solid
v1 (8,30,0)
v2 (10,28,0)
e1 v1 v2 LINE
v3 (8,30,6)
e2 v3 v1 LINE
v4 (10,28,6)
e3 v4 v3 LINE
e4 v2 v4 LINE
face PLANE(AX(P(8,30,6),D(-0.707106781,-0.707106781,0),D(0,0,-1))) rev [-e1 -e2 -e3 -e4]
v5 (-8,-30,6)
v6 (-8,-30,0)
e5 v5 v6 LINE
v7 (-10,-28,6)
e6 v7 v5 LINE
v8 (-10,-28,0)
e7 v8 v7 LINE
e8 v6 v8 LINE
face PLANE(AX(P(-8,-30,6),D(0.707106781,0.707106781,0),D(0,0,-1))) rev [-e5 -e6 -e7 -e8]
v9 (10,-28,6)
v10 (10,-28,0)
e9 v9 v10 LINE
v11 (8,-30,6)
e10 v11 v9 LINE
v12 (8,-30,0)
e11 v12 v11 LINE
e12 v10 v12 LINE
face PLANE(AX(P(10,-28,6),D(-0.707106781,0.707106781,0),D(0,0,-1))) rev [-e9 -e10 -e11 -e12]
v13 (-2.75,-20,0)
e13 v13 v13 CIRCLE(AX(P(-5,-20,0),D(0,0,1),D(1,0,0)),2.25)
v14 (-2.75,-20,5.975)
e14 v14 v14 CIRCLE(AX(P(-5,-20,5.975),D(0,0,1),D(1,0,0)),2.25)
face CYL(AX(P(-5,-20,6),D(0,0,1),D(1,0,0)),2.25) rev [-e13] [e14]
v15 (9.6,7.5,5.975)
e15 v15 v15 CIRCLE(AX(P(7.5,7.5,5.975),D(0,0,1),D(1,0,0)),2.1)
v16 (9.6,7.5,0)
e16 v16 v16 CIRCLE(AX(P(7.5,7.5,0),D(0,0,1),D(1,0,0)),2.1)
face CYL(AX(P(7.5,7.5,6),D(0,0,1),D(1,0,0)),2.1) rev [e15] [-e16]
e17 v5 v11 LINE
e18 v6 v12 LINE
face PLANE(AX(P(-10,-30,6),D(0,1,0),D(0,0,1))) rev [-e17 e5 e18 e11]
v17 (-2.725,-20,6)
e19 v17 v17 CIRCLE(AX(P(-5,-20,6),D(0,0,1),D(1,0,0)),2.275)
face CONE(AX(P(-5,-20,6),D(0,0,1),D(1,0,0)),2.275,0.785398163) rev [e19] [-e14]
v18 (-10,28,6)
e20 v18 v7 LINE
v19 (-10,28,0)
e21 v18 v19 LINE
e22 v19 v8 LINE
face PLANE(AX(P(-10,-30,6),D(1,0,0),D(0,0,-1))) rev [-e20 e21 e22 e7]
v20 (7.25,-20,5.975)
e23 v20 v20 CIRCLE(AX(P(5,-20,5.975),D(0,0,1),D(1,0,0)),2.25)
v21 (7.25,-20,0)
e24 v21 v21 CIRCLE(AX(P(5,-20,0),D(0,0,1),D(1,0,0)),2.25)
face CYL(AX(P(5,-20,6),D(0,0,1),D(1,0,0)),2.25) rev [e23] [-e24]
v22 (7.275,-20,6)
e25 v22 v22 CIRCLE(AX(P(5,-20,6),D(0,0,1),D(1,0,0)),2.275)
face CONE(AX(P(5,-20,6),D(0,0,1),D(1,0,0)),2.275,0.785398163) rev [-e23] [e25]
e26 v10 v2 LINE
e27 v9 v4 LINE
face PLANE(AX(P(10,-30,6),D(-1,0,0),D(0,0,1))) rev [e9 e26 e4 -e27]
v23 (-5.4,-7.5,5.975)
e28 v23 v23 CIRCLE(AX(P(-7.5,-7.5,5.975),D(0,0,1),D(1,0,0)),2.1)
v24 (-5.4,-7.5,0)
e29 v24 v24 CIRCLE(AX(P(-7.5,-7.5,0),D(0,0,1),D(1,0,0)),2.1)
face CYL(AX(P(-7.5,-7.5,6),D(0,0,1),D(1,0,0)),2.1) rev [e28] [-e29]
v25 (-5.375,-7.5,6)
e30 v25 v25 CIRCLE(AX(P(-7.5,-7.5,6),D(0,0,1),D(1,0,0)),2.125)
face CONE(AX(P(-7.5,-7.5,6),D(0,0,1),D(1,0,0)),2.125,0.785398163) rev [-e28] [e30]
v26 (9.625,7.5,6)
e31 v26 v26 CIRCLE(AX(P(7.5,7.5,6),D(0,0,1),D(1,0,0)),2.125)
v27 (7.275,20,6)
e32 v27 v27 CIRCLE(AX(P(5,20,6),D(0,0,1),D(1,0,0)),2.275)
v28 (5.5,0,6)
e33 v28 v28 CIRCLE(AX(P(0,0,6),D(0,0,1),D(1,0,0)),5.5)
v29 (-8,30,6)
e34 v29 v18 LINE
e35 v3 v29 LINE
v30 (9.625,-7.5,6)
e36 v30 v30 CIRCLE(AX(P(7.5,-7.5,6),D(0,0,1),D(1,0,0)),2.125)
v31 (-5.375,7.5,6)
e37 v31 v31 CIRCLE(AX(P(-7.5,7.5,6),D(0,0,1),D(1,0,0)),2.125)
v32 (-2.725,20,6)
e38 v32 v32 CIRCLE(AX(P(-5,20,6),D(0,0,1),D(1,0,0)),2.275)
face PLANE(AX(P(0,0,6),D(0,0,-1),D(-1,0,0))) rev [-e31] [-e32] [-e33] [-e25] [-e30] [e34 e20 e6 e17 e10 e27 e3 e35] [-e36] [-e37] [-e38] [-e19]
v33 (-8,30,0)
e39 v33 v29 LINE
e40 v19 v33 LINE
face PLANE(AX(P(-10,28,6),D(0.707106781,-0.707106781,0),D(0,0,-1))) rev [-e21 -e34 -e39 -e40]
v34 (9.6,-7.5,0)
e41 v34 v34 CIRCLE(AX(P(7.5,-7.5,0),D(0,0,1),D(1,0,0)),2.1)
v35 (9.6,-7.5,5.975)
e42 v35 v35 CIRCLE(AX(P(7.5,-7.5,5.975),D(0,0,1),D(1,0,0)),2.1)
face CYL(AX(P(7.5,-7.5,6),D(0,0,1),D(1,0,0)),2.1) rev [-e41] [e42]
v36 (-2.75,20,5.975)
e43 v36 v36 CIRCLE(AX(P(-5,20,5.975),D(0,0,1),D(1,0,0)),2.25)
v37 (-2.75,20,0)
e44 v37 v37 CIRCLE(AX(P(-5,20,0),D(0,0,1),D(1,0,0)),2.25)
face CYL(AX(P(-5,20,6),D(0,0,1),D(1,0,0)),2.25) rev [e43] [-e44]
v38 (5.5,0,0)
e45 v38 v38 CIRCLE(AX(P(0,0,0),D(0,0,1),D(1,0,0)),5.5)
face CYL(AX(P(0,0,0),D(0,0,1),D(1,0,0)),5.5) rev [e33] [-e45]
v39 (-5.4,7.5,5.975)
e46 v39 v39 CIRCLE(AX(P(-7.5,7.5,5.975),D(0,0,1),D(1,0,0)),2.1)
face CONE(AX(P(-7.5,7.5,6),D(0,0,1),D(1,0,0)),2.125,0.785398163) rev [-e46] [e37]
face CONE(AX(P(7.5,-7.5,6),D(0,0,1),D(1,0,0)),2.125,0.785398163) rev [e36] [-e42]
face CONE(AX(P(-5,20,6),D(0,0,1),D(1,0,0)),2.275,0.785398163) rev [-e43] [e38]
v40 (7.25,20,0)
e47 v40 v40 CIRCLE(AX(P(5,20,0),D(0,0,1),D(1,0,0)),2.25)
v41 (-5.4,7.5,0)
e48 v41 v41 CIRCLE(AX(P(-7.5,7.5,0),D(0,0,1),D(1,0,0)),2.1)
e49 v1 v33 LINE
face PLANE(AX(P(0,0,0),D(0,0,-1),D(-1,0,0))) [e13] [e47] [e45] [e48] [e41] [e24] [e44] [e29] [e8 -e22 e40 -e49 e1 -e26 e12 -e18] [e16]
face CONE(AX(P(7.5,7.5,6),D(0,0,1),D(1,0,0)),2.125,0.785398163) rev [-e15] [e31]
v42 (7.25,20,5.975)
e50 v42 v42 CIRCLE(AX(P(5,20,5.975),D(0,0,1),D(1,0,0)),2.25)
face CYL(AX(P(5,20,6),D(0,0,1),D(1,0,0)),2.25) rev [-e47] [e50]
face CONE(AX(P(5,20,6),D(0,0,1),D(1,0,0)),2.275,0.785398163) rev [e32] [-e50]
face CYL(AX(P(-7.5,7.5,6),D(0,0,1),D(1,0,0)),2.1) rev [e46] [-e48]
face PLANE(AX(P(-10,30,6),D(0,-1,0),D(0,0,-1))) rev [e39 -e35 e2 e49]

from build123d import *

# Parameters (mm, degrees)
SKETCH_1_W                        = 20
SKETCH_1_H                        = 60
EXTRUDE_1_DEPTH                   = 6
HOLE_WIZARD_4_5_4_5_1_D           = 4.5
HOLE_WIZARD_4_5_4_5_1_CSINK_D     = 4.55
HOLE_WIZARD_4_5_4_5_1_CSINK_ANGLE = 90
SKETCH_4_R                        = 5.5
CUT_EXTRUDE_1_DEPTH               = 6
HOLE_WIZARD_4_2_4_2_1_D           = 4.2
HOLE_WIZARD_4_2_4_2_1_CSINK_D     = 4.25
HOLE_WIZARD_4_2_4_2_1_CSINK_ANGLE = 90
CHAMFER_1_SIZE                    = 2


with BuildPart() as part:
    # 草图1 → 凸台-拉伸1 (new body)
    with BuildSketch(Plane.XY):
        Rectangle(SKETCH_1_W, SKETCH_1_H)
    extrude(amount=EXTRUDE_1_DEPTH)

    # Ø4.5 (4.5) 直径孔1 (through all)
    with Locations(Plane(origin=(-5, 20, 6), x_dir=(1, 0, 0), z_dir=(0, 0, 1))):
        with Locations((0, 0), (10, 0)):
            hole_wizard_4_5_4_5_1 = CounterSinkHole(HOLE_WIZARD_4_5_4_5_1_D / 2, HOLE_WIZARD_4_5_4_5_1_CSINK_D / 2, counter_sink_angle=HOLE_WIZARD_4_5_4_5_1_CSINK_ANGLE)

    # 镜向1: Ø4.5 (4.5) 直径孔1 across plane
    add(hole_wizard_4_5_4_5_1.mirror(Plane.ZX), mode=Mode.SUBTRACT)

    # 草图4 → 切除-拉伸1 (cut)
    with BuildSketch(Plane.XY.offset(6)):
        Circle(SKETCH_4_R)
    extrude(amount=-CUT_EXTRUDE_1_DEPTH, mode=Mode.SUBTRACT)

    # Ø4.2 (4.2) 直径孔1 (through all)
    with Locations(Plane(origin=(-7.5, 7.5, 6), x_dir=(1, 0, 0), z_dir=(0, 0, 1))):
        with Locations((0, 0), (15, 0), (15, -15), (0, -15)):
            CounterSinkHole(HOLE_WIZARD_4_2_4_2_1_D / 2, HOLE_WIZARD_4_2_4_2_1_CSINK_D / 2, counter_sink_angle=HOLE_WIZARD_4_2_4_2_1_CSINK_ANGLE)

    # 倒角1
    chamfer_1_edges = [part.edges().sort_by_distance(p)[0] for p in [
        (10, -30, 3),
        (-10, -30, 3),
        (-10, 30, 3),
        (10, 30, 3),
    ]]
    chamfer(chamfer_1_edges, length=CHAMFER_1_SIZE)


solid = part.part
